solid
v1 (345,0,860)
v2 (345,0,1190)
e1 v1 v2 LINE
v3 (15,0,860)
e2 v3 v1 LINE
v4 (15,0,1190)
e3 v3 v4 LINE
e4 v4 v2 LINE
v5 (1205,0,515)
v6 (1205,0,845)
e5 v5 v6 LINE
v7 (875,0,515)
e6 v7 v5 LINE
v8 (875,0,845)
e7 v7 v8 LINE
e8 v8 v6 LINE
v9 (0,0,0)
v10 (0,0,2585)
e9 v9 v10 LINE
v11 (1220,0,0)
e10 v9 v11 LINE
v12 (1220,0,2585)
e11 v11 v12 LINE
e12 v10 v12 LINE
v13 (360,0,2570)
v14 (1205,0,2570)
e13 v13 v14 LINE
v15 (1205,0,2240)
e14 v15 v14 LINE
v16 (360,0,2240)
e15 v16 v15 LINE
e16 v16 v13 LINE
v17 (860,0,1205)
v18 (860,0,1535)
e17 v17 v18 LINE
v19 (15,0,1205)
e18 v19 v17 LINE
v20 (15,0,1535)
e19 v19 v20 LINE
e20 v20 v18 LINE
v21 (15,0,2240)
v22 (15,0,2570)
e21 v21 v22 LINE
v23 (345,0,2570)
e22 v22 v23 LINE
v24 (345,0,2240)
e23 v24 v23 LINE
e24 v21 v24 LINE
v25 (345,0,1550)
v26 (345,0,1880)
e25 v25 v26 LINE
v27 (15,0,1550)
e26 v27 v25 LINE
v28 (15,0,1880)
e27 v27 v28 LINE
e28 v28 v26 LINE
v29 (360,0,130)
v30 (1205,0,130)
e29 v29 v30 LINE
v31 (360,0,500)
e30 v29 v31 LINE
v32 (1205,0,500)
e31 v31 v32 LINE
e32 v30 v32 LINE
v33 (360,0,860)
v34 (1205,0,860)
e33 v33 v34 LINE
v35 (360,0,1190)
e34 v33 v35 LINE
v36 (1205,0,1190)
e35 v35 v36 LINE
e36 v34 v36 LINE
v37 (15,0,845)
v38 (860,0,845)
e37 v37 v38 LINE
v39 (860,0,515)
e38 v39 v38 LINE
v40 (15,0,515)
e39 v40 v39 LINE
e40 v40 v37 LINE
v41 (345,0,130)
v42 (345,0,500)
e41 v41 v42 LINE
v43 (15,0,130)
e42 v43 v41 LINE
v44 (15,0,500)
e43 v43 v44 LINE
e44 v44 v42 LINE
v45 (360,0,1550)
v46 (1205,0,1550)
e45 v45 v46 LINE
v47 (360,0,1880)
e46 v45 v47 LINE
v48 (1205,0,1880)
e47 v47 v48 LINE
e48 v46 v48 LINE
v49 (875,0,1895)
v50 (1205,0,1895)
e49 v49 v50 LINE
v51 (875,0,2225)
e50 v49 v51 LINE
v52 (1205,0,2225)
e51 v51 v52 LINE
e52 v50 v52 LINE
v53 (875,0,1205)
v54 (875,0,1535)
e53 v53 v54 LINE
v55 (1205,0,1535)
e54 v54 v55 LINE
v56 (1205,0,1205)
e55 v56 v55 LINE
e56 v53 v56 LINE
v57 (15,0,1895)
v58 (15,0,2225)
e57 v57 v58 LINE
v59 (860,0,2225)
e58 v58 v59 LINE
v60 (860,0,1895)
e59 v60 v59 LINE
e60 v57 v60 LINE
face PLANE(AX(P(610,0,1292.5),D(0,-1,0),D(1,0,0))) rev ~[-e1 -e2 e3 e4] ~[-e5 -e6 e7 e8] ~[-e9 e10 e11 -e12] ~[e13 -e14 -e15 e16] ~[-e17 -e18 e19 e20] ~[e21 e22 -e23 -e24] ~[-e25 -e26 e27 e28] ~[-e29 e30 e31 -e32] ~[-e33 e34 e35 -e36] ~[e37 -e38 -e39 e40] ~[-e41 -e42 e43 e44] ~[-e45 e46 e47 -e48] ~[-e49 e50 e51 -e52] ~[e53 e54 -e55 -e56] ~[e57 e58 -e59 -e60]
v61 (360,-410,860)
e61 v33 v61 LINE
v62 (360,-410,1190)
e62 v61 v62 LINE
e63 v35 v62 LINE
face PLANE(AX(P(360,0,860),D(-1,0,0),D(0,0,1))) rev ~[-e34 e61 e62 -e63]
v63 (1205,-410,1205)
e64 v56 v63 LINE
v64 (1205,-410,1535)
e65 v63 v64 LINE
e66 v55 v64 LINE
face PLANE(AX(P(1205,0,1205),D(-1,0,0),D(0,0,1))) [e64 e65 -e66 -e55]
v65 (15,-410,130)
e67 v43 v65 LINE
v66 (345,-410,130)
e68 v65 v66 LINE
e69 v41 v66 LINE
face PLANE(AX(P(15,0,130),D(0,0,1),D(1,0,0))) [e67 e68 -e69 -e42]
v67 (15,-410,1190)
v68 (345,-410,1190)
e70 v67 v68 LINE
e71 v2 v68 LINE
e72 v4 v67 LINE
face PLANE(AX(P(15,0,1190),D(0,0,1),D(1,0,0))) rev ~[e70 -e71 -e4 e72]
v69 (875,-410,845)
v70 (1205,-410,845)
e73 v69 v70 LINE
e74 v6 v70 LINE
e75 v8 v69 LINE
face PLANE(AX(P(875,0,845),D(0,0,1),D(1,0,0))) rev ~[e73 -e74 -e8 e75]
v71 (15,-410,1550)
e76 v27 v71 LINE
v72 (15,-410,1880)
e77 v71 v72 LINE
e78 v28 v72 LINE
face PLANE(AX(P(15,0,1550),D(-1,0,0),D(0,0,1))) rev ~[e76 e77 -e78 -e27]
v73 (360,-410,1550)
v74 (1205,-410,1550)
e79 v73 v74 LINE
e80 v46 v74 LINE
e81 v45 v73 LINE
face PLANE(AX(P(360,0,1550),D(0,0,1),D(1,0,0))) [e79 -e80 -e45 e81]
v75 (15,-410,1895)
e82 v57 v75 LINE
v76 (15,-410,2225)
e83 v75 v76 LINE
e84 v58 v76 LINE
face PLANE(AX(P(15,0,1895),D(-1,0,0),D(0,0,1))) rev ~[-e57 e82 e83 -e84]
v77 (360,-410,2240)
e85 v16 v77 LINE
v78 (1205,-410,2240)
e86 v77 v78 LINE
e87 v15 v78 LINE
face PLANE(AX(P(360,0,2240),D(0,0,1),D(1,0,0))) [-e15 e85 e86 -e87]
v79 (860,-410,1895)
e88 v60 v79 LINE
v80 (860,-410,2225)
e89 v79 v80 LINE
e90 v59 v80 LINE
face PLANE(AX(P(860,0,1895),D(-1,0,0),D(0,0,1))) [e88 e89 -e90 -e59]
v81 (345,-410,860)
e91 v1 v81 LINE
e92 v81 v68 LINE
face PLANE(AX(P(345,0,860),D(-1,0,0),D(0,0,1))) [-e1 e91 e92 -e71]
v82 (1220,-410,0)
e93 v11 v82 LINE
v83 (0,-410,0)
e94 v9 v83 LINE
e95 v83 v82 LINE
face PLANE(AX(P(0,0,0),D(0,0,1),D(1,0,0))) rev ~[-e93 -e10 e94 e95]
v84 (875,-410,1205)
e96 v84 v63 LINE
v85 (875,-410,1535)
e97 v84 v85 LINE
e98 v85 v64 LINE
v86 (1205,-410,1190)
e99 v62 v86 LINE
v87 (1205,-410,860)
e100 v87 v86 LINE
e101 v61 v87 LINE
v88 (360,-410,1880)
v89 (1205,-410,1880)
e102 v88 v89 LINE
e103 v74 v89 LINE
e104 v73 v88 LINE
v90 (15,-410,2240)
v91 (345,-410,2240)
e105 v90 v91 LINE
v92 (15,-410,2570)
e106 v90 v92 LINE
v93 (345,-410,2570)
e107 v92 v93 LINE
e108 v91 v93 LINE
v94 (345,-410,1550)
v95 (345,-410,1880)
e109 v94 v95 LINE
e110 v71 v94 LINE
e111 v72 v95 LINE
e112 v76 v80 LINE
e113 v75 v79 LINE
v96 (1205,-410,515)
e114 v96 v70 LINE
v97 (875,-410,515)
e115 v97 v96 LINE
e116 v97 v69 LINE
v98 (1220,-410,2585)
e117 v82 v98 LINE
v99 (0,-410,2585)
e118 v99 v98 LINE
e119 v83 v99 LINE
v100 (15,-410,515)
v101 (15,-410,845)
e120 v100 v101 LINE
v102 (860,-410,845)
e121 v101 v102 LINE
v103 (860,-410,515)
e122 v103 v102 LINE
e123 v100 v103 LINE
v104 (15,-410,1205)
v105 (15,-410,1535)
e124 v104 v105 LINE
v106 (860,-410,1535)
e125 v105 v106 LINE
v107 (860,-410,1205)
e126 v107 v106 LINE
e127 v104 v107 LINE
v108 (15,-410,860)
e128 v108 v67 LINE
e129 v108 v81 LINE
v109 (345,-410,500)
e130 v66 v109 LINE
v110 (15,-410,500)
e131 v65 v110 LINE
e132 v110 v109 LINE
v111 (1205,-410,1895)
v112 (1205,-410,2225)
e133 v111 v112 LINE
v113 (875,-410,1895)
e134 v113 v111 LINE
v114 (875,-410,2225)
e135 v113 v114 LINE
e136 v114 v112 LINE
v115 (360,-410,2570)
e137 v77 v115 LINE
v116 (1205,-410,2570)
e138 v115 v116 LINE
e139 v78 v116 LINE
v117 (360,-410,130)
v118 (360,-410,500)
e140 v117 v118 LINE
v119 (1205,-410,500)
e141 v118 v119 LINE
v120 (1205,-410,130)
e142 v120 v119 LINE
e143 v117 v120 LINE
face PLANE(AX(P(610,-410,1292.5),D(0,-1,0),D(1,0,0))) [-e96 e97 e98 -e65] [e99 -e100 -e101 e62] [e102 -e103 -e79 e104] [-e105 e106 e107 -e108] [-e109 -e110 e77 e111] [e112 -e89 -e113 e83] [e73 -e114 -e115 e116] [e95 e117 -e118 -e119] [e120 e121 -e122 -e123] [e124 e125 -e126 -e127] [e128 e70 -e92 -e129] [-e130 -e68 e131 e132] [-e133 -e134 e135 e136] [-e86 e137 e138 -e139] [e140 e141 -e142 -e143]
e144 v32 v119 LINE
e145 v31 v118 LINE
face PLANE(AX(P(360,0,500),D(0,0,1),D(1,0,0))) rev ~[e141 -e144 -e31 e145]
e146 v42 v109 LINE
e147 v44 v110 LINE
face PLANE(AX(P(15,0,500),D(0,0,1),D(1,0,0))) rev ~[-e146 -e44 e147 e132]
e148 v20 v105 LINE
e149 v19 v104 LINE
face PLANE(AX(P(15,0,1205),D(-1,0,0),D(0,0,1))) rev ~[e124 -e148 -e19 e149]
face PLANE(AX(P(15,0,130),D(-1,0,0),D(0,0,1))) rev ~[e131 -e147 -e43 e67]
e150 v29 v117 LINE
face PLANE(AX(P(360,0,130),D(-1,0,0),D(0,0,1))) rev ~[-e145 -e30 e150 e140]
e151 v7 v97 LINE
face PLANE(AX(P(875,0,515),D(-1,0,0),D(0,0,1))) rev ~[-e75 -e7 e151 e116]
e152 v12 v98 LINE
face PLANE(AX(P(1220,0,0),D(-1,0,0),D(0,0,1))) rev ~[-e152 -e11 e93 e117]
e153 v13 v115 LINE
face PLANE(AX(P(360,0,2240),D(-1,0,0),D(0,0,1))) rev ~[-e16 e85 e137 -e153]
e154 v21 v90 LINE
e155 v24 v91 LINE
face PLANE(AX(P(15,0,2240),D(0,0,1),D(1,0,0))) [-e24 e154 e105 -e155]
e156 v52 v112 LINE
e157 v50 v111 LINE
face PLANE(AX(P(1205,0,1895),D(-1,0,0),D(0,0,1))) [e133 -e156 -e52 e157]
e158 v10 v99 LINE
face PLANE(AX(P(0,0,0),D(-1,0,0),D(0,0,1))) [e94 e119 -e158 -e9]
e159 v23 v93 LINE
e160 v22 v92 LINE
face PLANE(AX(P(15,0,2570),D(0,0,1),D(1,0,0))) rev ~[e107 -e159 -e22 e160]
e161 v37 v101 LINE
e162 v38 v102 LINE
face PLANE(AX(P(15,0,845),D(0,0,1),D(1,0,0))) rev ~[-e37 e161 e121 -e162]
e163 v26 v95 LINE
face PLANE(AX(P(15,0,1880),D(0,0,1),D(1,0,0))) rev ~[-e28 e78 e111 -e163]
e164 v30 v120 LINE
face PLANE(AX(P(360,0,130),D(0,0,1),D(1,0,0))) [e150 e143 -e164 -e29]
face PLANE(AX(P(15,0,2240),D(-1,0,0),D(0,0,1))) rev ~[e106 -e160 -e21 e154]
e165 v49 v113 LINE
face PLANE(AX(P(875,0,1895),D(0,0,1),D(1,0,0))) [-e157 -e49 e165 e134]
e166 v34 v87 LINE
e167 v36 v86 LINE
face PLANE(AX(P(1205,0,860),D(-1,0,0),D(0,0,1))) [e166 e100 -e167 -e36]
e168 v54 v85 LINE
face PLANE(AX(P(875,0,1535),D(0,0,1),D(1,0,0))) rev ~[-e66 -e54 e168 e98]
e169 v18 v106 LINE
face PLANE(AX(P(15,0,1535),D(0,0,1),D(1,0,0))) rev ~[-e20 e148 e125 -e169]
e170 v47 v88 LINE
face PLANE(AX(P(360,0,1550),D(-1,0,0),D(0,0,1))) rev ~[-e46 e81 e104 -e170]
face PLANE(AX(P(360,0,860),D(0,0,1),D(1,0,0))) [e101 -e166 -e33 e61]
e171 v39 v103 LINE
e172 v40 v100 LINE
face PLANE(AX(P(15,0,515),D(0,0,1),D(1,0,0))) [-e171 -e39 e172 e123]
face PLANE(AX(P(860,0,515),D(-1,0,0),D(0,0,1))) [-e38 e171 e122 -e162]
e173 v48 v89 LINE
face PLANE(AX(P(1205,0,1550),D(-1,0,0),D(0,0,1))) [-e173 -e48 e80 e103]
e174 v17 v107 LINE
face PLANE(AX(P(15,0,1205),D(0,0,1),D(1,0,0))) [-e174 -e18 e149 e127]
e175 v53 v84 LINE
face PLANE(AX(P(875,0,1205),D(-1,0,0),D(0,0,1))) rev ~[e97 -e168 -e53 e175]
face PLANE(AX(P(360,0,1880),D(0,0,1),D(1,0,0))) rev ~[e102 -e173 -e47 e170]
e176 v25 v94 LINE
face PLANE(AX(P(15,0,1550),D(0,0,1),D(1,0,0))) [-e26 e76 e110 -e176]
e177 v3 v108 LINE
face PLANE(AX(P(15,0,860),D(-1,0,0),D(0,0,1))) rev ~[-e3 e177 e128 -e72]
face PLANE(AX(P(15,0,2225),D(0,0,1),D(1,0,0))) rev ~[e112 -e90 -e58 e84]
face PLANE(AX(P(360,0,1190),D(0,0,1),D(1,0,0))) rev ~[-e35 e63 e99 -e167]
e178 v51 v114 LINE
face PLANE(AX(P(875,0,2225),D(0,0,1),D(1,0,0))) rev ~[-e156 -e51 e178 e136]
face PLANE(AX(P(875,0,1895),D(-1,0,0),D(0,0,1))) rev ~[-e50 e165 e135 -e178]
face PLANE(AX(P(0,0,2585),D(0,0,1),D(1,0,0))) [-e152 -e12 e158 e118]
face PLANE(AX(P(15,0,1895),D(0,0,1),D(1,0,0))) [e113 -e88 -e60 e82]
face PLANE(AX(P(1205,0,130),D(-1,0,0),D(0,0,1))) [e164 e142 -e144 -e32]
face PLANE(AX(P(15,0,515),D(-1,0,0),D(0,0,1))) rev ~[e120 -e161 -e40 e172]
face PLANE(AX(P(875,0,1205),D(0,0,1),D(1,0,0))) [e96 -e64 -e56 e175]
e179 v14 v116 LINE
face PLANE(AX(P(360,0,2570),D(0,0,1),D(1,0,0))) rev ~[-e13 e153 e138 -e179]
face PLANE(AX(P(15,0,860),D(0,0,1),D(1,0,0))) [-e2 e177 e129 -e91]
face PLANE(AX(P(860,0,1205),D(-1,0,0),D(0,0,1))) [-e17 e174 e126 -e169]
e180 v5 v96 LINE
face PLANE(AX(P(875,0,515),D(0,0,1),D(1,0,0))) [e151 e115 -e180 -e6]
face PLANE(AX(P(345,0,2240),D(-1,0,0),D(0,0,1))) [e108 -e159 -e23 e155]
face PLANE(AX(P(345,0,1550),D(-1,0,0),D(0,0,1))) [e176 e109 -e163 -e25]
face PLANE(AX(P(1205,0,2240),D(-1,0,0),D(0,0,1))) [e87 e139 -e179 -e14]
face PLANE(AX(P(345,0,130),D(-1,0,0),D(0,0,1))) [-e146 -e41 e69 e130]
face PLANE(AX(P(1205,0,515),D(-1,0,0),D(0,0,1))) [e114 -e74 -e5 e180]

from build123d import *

# Parameters (mm, degrees)
F0_W     = 1220
F0_H     = 2585
F0_W_2   = 330
F0_H_2   = 370
F0_H_3   = 330
F0_W_3   = 845
F1_DEPTH = 410


with BuildPart() as f1:
    # F0 (on Front) → F1 (new body)
    with BuildSketch(Plane.XZ):
        with Locations((610, 1292.5)):
            Rectangle(F0_W, F0_H)
        with Locations((180, 315)):
            Rectangle(F0_W_2, F0_H_2, mode=Mode.SUBTRACT)
        with Locations((180, 1025)):
            Rectangle(F0_W_2, F0_H_3, mode=Mode.SUBTRACT)
        with Locations((437.5, 680)):
            Rectangle(F0_W_3, F0_H_3, mode=Mode.SUBTRACT)
        with Locations((782.5, 315)):
            Rectangle(F0_W_3, F0_H_2, mode=Mode.SUBTRACT)
        with Locations((782.5, 1025)):
            Rectangle(F0_W_3, F0_H_3, mode=Mode.SUBTRACT)
        with Locations((1040, 680)):
            Rectangle(F0_W_2, F0_H_3, mode=Mode.SUBTRACT)
        with Locations((180, 1715)):
            Rectangle(F0_W_2, F0_H_3, mode=Mode.SUBTRACT)
        with Locations((437.5, 1370)):
            Rectangle(F0_W_3, F0_H_3, mode=Mode.SUBTRACT)
        with Locations((180, 2405)):
            Rectangle(F0_W_2, F0_H_3, mode=Mode.SUBTRACT)
        with Locations((437.5, 2060)):
            Rectangle(F0_W_3, F0_H_3, mode=Mode.SUBTRACT)
        with Locations((782.5, 1715)):
            Rectangle(F0_W_3, F0_H_3, mode=Mode.SUBTRACT)
        with Locations((1040, 1370)):
            Rectangle(F0_W_2, F0_H_3, mode=Mode.SUBTRACT)
        with Locations((782.5, 2405)):
            Rectangle(F0_W_3, F0_H_3, mode=Mode.SUBTRACT)
        with Locations((1040, 2060)):
            Rectangle(F0_W_2, F0_H_3, mode=Mode.SUBTRACT)
    extrude(amount=F1_DEPTH)


solid = f1.part
